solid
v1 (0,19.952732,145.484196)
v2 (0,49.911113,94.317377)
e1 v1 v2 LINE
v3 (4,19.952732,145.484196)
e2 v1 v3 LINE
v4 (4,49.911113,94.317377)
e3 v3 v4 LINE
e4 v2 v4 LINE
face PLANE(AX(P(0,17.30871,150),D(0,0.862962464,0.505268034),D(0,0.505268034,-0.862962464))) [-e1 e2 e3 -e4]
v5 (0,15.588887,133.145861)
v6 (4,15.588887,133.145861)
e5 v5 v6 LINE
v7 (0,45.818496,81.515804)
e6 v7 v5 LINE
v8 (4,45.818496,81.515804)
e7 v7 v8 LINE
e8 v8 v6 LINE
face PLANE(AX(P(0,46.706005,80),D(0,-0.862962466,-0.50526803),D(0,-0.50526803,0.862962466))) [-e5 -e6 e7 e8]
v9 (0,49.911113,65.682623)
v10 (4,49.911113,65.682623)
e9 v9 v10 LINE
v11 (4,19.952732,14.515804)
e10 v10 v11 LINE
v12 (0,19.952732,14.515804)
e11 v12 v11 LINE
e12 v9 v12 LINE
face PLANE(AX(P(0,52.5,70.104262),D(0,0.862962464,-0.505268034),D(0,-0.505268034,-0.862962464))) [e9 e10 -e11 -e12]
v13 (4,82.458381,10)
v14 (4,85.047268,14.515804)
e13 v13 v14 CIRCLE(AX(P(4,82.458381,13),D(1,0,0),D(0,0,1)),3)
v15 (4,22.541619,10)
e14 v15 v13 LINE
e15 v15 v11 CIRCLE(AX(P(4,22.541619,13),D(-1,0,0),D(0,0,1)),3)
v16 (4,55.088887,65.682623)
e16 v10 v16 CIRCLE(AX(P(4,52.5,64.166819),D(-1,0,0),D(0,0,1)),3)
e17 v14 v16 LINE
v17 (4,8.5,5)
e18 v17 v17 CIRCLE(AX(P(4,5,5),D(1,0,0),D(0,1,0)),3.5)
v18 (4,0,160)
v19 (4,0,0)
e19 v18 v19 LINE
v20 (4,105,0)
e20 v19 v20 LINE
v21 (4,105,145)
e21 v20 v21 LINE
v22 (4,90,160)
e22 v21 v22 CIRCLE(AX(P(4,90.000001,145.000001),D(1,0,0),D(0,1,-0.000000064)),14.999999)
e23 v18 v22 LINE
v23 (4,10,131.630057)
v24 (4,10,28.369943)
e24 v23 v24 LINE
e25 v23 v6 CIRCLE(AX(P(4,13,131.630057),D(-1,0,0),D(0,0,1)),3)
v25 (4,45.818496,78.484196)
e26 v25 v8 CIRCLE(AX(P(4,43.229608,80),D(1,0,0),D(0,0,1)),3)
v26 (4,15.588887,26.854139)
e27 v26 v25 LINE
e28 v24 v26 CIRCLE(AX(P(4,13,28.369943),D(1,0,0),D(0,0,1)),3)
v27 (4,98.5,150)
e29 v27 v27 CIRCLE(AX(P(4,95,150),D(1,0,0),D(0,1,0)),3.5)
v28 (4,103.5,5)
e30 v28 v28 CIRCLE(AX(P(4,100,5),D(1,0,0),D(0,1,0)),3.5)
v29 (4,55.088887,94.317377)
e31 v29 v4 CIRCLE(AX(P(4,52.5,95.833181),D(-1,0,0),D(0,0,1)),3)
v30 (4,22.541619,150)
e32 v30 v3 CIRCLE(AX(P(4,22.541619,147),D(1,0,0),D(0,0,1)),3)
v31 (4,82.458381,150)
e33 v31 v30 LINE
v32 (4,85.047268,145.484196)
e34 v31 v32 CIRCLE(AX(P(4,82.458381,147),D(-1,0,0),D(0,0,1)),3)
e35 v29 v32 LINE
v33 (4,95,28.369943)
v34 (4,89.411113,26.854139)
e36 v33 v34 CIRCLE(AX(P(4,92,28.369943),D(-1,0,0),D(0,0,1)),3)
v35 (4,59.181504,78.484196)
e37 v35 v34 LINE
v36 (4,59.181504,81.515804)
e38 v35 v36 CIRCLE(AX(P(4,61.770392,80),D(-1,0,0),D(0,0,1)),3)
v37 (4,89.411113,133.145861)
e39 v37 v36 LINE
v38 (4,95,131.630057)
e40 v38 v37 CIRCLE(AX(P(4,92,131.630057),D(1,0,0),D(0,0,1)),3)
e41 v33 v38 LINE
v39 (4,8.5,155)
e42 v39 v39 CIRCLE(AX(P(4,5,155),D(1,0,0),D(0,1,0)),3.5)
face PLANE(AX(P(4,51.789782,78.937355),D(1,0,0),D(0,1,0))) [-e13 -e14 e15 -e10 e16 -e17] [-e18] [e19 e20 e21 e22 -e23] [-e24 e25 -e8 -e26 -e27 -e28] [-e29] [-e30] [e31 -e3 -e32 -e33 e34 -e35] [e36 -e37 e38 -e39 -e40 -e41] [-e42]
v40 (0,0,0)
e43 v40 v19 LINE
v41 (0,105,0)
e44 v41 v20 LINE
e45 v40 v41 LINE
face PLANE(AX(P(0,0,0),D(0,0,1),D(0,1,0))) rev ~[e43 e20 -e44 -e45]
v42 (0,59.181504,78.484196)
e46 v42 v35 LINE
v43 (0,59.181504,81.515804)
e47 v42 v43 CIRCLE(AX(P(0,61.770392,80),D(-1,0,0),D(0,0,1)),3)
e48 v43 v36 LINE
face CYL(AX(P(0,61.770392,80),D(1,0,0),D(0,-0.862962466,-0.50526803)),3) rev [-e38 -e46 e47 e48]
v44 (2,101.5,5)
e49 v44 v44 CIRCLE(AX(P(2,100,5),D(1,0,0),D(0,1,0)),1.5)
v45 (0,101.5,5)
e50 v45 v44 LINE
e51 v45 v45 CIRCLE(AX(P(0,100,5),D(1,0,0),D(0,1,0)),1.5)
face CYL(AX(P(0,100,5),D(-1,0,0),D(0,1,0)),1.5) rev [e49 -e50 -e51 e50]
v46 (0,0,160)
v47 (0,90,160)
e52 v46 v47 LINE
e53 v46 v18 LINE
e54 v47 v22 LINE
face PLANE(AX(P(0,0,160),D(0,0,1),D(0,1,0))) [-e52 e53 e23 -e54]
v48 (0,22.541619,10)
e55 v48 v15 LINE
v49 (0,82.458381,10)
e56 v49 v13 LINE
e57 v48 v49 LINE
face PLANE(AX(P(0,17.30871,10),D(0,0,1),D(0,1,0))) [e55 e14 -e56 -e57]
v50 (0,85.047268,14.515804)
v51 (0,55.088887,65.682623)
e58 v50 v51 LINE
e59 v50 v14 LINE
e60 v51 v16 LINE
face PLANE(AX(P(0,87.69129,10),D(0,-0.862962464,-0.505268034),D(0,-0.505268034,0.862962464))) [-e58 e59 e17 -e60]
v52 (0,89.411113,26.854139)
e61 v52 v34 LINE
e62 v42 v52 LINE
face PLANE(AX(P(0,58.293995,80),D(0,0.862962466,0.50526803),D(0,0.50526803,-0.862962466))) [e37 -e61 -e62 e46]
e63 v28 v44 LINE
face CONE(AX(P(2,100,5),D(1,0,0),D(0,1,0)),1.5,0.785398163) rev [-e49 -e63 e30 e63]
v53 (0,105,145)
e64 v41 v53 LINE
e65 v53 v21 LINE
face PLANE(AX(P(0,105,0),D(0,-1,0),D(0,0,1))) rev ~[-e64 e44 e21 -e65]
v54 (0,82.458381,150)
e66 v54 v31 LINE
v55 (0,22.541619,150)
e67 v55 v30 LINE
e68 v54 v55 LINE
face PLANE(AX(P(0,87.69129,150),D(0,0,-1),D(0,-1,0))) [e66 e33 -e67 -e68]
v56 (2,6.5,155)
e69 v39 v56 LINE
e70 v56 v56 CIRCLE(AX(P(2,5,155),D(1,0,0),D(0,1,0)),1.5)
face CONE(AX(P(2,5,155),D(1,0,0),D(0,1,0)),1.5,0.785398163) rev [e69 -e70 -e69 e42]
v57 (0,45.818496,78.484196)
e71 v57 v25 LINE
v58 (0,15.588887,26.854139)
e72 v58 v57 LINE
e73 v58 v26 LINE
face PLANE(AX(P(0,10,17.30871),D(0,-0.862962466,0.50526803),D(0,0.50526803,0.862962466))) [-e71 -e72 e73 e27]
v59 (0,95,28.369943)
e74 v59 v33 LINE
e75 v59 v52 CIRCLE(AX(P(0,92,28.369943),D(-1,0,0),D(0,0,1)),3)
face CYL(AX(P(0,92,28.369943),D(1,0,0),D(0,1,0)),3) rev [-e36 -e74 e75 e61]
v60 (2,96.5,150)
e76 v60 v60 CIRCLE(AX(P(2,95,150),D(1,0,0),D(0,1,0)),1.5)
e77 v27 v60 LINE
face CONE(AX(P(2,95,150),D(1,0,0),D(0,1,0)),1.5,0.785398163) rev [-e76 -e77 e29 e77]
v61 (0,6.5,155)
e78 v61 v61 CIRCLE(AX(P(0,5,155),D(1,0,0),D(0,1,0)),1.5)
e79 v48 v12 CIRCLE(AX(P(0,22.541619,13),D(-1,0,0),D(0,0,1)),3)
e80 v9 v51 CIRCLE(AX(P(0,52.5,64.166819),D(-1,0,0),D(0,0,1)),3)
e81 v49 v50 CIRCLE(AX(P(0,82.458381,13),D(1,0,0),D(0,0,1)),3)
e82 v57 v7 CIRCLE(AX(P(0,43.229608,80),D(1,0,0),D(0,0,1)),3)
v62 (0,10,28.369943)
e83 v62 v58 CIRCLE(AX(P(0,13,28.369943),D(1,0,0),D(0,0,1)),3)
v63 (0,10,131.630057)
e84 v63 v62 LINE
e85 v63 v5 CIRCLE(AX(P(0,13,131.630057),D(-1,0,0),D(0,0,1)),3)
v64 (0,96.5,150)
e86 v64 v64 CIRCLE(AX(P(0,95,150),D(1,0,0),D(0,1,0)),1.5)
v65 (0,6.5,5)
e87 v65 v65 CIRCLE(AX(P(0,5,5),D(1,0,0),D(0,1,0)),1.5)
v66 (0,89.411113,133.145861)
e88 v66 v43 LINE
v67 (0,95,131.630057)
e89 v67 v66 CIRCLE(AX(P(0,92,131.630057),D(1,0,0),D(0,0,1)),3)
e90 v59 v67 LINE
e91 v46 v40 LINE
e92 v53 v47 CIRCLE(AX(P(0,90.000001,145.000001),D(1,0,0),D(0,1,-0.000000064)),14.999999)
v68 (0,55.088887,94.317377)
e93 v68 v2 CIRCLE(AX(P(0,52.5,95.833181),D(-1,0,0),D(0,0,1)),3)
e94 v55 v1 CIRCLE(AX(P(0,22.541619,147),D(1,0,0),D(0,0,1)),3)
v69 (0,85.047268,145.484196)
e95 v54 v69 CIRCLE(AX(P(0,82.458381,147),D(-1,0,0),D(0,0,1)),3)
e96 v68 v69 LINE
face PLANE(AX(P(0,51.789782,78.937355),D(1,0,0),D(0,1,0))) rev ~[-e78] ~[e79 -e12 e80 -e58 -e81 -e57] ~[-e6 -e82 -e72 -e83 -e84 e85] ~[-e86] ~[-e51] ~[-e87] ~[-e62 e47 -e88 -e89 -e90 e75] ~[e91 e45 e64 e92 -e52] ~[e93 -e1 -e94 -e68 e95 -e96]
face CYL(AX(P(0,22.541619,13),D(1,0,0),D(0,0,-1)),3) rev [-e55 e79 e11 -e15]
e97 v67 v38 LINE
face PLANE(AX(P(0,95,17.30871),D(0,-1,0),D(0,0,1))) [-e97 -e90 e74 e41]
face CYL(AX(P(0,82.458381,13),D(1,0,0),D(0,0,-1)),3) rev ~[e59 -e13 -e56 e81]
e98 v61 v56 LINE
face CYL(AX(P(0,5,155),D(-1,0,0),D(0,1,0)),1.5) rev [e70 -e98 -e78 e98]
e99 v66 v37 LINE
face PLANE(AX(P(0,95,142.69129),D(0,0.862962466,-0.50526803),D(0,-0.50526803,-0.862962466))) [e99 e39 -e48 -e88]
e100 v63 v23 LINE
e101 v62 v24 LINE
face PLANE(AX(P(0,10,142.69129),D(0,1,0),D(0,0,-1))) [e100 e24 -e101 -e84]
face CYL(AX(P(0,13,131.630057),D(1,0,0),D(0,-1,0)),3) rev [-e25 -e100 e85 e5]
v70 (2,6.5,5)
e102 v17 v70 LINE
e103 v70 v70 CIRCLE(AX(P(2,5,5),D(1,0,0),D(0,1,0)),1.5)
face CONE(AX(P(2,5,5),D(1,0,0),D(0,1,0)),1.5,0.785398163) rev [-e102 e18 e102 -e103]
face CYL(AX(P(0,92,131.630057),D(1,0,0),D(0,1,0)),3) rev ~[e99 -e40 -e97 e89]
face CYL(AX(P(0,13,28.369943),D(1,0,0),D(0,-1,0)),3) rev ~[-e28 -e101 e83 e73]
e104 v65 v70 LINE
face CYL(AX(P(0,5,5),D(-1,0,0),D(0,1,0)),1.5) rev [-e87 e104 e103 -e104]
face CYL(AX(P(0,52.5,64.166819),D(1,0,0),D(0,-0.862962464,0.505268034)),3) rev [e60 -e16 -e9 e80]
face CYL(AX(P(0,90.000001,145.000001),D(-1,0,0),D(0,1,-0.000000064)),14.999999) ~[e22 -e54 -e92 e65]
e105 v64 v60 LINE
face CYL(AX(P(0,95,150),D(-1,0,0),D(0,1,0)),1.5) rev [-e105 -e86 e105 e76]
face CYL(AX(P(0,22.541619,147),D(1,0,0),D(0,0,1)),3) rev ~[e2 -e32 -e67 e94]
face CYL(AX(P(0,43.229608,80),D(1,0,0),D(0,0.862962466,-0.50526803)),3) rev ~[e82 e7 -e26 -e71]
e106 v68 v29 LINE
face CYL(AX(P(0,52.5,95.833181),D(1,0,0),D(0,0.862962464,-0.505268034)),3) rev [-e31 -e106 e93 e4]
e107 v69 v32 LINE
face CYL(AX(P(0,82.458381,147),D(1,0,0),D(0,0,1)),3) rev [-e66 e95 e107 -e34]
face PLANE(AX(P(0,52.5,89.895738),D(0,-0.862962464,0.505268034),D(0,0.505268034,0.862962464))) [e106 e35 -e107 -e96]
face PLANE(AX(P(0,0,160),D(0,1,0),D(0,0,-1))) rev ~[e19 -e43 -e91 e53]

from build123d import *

# Parameters (mm, degrees)
SKETCH_R     = 1.5
PAD_DEPTH    = 4
FILLET_R     = 3
CHAMFER_SIZE = 2


with BuildPart() as part:
    # Sketch → Pad (new body)
    with BuildSketch(Plane.YZ):
        with BuildLine():
            Line((0, 0), (105, 0))
            Line((105, 0), (105, 145))
            ThreePointArc((105, 145), (100.606602, 155.606602), (90, 160))
            Line((0, 160), (90, 160))
            Line((0, 160), (0, 0))
        make_face()
        with Locations((5, 155)):
            Circle(SKETCH_R, mode=Mode.SUBTRACT)
        with Locations((5, 5)):
            Circle(SKETCH_R, mode=Mode.SUBTRACT)
        with Locations((100, 5)):
            Circle(SKETCH_R, mode=Mode.SUBTRACT)
        with Locations((95, 150)):
            Circle(SKETCH_R, mode=Mode.SUBTRACT)
        Polygon((17.30871, 10), (87.69129, 10), (52.5, 70.104262), align=None, mode=Mode.SUBTRACT)
        Polygon((95, 17.30871), (95, 142.69129), (58.293995, 80), align=None, mode=Mode.SUBTRACT)
        Polygon((87.69129, 150), (17.30871, 150), (52.5, 89.895738), align=None, mode=Mode.SUBTRACT)
        Polygon((10, 142.69129), (10, 17.30871), (46.706005, 80), align=None, mode=Mode.SUBTRACT)
    extrude(amount=PAD_DEPTH)

    # Fillet
    fillet_edges = [part.edges().sort_by_distance(p)[0] for p in [
        (2, 52.5, 89.895738),
        (2, 58.293995, 80),
        (2, 52.5, 70.104262),
        (2, 46.706005, 80),
        (2, 17.30871, 150),
        (2, 87.69129, 150),
        (2, 10, 142.69129),
        (2, 95, 142.69129),
        (2, 10, 17.30871),
        (2, 17.30871, 10),
        (2, 95, 17.30871),
        (2, 87.69129, 10),
    ]]
    fillet(fillet_edges, radius=FILLET_R)

    # Chamfer
    chamfer_edges = [part.edges().sort_by_distance(p)[0] for p in [
        (4, 3.5, 155),
        (4, 93.5, 150),
        (4, 98.5, 5),
        (4, 3.5, 5),
    ]]
    chamfer(chamfer_edges, length=CHAMFER_SIZE)


solid = part.part
